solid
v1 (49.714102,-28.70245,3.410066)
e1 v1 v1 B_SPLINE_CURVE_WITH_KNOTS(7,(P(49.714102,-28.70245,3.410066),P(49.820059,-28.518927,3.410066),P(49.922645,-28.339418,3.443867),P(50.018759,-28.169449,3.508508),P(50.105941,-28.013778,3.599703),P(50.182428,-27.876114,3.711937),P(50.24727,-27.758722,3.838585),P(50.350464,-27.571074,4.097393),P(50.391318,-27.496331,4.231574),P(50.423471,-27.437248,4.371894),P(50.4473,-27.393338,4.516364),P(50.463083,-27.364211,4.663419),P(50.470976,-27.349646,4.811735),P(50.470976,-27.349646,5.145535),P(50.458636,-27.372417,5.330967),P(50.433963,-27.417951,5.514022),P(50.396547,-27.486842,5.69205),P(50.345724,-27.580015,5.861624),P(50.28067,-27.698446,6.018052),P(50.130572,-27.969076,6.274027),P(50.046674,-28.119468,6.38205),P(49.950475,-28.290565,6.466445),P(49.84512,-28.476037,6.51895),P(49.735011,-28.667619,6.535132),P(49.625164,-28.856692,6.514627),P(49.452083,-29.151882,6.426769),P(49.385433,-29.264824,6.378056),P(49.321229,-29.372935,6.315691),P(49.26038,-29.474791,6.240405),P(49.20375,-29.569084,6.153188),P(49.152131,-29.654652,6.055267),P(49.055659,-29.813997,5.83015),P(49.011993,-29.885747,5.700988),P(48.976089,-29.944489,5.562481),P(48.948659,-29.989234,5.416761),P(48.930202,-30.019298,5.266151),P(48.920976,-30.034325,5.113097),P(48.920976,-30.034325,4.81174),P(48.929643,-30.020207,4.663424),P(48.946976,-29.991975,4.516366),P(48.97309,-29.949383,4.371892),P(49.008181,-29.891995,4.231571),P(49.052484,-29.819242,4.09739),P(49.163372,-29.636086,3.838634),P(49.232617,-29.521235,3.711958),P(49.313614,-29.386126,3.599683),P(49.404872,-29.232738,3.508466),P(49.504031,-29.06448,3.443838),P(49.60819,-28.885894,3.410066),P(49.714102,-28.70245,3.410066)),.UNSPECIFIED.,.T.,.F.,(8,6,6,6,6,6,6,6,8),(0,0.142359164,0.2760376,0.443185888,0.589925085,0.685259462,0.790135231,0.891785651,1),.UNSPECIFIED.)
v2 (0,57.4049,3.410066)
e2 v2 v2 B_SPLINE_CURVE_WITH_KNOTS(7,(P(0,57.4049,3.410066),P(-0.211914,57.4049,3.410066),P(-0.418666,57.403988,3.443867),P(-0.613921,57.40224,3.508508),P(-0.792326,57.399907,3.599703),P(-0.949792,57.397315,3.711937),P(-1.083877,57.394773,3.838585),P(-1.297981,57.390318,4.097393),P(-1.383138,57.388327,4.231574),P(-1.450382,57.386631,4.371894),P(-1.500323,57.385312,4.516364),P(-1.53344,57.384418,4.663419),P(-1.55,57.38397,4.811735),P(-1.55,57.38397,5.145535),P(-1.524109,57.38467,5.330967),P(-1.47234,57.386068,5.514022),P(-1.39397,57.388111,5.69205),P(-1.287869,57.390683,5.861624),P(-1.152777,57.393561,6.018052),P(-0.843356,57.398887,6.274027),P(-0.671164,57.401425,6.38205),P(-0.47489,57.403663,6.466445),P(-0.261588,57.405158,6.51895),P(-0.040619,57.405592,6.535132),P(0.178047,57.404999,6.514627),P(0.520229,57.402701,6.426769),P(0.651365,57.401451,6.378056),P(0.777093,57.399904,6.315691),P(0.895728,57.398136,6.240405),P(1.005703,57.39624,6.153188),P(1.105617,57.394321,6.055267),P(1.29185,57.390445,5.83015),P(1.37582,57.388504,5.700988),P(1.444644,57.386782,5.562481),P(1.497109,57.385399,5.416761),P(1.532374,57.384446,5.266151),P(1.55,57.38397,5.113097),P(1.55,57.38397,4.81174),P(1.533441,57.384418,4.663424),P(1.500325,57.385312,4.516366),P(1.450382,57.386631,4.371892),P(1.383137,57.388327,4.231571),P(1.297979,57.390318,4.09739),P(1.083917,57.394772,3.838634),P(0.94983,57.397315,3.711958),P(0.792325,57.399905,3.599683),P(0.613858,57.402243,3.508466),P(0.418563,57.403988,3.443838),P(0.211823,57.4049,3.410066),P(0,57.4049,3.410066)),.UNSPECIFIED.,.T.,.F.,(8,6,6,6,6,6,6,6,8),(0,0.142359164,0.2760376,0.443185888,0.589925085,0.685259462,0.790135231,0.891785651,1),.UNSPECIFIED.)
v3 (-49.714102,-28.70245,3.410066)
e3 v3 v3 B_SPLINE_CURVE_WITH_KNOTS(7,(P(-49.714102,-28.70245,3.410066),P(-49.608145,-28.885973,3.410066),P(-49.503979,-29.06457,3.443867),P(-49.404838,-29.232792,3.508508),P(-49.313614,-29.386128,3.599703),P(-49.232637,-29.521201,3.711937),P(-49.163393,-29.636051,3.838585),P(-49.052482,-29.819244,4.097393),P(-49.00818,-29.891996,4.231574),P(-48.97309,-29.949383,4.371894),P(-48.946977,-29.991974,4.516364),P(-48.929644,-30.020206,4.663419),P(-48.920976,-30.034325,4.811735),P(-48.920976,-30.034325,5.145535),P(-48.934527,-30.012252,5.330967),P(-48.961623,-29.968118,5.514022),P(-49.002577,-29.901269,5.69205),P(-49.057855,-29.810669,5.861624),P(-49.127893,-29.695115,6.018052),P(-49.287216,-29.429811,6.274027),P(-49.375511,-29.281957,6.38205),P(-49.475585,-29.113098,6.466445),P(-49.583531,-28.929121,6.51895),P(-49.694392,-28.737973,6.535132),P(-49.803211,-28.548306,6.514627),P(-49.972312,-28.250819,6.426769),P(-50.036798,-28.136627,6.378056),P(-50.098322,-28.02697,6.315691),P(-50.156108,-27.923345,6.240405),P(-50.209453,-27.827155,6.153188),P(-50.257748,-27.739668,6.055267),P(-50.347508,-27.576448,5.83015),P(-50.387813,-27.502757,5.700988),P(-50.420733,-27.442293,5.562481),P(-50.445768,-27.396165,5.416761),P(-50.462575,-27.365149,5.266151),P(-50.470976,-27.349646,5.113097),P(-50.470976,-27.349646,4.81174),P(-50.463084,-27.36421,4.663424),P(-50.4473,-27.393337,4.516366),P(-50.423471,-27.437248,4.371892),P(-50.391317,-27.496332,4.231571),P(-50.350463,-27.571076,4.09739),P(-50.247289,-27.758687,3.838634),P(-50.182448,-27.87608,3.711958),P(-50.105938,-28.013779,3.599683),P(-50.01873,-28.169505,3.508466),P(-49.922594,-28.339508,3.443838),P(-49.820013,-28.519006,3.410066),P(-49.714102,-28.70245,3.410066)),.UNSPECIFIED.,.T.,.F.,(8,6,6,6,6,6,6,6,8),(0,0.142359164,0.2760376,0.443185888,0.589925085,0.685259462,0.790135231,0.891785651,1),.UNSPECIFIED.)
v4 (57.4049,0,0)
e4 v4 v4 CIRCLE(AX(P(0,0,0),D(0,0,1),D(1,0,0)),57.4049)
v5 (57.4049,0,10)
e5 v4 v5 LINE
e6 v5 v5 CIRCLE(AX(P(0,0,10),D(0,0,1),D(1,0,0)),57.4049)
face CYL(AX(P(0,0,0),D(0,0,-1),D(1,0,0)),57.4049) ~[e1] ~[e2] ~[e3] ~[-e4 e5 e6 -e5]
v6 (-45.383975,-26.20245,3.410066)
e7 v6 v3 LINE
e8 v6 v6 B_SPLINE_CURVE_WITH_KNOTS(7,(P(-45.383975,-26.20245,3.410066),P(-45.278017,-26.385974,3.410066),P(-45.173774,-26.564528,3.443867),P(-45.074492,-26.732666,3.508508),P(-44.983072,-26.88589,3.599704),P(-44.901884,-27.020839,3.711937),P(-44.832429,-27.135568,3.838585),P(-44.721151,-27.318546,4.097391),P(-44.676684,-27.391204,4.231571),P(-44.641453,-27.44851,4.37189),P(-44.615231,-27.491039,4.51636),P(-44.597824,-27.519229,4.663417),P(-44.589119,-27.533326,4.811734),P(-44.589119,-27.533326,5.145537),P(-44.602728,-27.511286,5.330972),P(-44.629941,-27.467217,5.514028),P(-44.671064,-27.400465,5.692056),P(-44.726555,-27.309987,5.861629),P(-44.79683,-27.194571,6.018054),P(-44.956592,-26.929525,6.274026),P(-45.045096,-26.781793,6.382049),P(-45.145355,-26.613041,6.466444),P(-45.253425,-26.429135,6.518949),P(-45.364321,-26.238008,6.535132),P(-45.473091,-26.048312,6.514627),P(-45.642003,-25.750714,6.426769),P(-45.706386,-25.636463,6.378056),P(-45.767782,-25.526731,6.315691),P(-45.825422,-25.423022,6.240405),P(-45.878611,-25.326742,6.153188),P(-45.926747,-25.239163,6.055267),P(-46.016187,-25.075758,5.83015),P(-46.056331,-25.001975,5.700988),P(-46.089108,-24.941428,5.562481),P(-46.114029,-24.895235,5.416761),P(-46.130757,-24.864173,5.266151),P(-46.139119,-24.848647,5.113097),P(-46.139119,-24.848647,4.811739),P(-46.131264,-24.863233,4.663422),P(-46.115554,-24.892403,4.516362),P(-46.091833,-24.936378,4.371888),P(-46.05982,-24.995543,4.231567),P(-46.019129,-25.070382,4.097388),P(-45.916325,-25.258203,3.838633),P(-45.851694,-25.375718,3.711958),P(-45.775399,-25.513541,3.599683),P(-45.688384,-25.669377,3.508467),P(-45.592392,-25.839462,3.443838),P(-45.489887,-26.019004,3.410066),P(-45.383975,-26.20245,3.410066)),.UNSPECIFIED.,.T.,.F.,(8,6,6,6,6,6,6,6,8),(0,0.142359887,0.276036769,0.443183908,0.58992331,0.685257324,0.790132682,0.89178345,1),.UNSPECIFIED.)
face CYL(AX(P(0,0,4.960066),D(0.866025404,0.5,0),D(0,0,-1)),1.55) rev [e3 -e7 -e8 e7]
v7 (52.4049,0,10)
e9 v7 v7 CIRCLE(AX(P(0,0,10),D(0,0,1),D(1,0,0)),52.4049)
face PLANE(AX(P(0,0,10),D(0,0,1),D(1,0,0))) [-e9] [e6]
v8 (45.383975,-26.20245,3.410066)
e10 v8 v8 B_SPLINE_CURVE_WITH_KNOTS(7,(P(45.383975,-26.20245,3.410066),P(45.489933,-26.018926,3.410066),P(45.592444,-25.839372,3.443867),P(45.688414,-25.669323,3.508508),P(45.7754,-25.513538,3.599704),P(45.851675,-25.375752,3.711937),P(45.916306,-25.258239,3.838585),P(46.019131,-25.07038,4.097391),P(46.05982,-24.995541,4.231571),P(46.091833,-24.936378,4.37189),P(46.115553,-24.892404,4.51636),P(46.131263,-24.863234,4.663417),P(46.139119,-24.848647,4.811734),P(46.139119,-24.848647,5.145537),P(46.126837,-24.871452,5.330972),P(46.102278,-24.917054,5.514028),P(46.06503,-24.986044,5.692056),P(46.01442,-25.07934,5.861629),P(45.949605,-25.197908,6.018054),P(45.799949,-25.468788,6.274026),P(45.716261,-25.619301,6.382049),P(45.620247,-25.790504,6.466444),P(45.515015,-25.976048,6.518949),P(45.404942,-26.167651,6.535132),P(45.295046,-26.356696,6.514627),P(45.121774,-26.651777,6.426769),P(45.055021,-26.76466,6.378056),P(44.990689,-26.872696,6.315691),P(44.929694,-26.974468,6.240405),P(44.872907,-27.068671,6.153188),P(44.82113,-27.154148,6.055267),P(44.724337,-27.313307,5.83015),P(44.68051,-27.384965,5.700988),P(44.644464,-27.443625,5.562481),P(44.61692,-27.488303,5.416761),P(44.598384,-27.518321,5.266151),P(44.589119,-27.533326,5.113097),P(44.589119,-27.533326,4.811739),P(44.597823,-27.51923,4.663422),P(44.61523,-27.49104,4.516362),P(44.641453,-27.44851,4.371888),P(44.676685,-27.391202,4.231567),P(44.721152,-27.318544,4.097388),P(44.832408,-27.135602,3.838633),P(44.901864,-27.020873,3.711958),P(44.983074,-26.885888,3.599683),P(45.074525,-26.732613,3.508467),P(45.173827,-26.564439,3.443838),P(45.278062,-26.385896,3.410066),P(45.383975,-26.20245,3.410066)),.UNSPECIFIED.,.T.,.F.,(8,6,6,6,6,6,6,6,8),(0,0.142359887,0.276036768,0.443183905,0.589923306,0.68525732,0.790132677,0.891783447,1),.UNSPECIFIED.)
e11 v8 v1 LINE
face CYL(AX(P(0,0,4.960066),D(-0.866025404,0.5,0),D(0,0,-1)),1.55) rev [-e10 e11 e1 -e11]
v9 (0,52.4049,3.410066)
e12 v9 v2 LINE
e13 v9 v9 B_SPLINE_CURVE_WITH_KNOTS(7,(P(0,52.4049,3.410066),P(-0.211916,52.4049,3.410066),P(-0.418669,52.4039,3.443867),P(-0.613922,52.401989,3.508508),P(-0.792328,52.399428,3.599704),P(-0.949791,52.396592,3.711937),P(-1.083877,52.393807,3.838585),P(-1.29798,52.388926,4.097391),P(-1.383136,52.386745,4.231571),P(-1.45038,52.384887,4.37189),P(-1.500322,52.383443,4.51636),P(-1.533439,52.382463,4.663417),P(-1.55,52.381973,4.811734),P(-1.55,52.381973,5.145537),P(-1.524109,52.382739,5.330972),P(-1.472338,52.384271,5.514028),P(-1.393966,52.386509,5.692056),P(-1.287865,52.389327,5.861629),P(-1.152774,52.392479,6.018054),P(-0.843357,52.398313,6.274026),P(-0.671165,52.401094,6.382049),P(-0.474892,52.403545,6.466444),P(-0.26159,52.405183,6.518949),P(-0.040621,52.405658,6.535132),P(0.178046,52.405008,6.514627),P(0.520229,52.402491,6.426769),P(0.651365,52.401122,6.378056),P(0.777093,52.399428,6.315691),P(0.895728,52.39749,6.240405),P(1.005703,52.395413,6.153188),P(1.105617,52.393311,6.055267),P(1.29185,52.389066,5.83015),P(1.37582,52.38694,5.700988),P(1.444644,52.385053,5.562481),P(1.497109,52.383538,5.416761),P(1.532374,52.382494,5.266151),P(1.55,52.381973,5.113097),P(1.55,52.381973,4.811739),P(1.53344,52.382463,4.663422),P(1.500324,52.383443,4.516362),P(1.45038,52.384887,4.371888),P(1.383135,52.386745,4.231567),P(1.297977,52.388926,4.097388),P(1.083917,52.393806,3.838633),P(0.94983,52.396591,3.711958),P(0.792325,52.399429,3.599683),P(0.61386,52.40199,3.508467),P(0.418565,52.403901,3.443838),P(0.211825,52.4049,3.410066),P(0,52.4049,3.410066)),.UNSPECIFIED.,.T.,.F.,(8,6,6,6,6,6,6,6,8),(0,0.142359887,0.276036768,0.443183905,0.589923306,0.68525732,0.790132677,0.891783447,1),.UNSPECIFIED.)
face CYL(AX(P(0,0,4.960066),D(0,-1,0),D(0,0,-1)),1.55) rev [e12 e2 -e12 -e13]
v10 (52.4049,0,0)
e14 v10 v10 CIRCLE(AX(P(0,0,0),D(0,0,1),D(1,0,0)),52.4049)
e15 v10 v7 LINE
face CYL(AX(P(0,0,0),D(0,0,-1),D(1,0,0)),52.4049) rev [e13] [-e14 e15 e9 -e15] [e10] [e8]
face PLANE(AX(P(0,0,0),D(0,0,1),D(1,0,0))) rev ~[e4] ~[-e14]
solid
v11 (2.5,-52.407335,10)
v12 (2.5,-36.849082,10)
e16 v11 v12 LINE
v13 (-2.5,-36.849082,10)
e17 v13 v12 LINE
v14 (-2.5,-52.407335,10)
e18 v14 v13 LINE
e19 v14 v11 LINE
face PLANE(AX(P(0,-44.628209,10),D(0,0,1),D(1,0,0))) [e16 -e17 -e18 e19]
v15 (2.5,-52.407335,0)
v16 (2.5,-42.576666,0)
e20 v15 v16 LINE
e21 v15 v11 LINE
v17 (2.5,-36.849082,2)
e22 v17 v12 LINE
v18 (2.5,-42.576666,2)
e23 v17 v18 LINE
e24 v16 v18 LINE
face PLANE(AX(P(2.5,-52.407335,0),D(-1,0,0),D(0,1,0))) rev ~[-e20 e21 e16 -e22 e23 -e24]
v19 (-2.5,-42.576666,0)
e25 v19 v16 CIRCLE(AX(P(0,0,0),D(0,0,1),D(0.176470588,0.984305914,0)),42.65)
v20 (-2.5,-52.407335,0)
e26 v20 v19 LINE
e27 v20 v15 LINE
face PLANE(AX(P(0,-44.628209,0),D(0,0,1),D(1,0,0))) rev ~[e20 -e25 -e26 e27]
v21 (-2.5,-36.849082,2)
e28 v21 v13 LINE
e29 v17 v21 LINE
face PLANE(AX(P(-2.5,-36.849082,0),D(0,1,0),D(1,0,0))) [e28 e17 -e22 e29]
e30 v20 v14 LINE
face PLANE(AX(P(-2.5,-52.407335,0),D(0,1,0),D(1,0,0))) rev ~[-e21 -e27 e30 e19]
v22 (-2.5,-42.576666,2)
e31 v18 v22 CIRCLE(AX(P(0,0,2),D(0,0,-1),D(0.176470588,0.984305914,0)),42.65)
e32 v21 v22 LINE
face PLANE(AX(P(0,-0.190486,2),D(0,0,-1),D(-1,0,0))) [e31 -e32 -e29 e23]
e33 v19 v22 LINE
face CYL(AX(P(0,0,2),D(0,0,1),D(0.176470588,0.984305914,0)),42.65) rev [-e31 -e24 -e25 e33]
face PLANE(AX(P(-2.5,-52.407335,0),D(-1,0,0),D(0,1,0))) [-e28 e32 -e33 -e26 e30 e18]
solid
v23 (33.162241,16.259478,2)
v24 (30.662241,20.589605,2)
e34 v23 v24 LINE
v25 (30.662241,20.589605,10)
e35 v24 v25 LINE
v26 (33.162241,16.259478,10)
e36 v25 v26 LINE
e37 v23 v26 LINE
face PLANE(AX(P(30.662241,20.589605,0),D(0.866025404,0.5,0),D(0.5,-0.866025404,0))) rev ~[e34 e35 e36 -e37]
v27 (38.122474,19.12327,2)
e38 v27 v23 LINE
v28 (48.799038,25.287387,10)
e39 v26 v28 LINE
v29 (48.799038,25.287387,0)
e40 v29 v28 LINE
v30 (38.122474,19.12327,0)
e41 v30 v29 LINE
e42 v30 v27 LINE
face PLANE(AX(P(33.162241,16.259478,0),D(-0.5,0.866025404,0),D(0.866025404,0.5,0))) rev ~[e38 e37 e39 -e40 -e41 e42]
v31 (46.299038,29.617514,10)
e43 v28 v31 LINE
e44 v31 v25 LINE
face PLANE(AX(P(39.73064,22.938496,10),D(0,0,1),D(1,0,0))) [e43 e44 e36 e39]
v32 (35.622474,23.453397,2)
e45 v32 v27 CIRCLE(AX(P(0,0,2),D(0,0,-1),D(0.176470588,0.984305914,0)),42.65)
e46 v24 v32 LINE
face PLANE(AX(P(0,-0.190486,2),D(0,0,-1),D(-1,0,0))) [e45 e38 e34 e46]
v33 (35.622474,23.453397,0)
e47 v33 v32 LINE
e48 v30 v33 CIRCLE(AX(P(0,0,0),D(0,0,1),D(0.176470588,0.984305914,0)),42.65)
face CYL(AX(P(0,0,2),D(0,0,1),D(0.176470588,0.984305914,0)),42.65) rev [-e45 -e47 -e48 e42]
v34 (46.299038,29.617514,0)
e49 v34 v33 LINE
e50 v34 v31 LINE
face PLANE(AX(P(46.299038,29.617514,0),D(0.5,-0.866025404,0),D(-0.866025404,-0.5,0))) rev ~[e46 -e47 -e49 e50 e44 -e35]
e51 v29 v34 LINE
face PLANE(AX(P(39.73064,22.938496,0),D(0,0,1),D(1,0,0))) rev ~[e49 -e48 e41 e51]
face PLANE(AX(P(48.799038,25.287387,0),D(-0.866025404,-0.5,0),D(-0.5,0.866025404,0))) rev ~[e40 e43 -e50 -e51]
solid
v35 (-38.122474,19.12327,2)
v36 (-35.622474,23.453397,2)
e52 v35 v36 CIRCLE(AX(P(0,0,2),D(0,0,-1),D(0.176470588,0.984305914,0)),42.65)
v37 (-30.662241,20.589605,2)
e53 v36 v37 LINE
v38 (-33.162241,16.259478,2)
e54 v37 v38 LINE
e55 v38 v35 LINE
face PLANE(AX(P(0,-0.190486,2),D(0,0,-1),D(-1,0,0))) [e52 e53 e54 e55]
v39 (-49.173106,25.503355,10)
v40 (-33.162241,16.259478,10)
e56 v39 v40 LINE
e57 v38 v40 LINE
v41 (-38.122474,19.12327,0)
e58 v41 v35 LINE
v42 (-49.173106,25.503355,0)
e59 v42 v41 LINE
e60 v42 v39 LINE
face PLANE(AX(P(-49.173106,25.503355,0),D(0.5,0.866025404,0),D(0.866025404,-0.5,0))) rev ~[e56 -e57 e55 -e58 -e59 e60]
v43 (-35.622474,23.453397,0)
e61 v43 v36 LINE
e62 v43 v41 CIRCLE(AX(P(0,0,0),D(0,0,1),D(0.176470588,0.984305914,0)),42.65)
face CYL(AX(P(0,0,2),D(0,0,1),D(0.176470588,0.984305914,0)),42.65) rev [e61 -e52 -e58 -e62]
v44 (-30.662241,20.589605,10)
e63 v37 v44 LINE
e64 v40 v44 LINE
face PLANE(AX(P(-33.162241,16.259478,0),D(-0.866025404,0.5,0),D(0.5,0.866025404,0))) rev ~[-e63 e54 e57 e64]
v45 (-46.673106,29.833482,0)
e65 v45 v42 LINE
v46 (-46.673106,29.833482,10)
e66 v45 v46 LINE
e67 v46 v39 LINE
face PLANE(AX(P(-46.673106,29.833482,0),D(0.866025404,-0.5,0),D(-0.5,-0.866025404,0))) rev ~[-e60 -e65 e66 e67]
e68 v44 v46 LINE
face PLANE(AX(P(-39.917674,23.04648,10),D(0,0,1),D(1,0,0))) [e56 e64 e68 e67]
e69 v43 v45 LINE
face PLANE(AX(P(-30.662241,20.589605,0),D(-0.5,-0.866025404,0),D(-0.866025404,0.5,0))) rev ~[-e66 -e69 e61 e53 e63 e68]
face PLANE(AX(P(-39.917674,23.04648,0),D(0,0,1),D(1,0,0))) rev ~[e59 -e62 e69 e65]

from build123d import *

# Parameters (mm, degrees)
SKETCH_1_R                 = 57.404900142
SKETCH_1_R_2               = 52.404900142
EXTRUDE_1_DEPTH            = 10
EXTRUDE_1_2_DEPTH          = 10
SKETCH_1_W                 = 5
SKETCH_1_H                 = 15.558252754
EXTRUDE_1_3_DEPTH          = 10
EXTRUDE_1_4_DEPTH          = 10
CUT_EXTRUDE_1_REACH        = 83.796
CUT_EXTRUDE_1_END_RADIUS   = 57.404900142
SKETCH_3_R                 = 1.55
PATTERN_CIRCULAR_1_COUNT   = 3
CUT_EXTRUDE_1_2_DEPTH      = 82.796363895
CUT_EXTRUDE_1_2_DEPTH_BACK = 2


with BuildPart() as part:
    # 草图1 → 拉伸-薄壁1 (new body)
    with BuildSketch(Plane.XY):
        Circle(SKETCH_1_R)
        Circle(SKETCH_1_R_2, mode=Mode.SUBTRACT)
    extrude(amount=EXTRUDE_1_DEPTH)

    # Cut-Extrude 1: up to this cylinder (the profile starts inside it)
    cut_extrude_1_end = Plane(origin=(0, 0, 4.960066), z_dir=(0, 0, -1)) * Cylinder(CUT_EXTRUDE_1_END_RADIUS, 283.401800284, mode=Mode.PRIVATE)
    # 草图3 → Cut-Extrude 1 (cut, up to the surface)
    with BuildSketch(Plane(origin=(0, 0, 0), x_dir=(1, 0, 0), z_dir=(0, 1, 0)), mode=Mode.PRIVATE) as cut_extrude_1_sk1:
        with Locations(Location((0, -4.960065679, 0), (0, 0, 90))):
            Circle(SKETCH_3_R)
    cut_extrude_1_tool1 = extrude(cut_extrude_1_sk1.sketch, amount=CUT_EXTRUDE_1_REACH, mode=Mode.PRIVATE) & cut_extrude_1_end
    cut_extrude_1 = cut_extrude_1_tool1.solids().sort_by_distance((0, 0, 4.960066))[0]
    add(cut_extrude_1, mode=Mode.SUBTRACT)

    # 阵列(圆周)1: Cut-Extrude 1 ×3 about axis
    pattern_circular_1_axis = Axis((0, 0, 10), (0, 0, -1))
    for i in range(1, PATTERN_CIRCULAR_1_COUNT):
        add(cut_extrude_1.rotate(pattern_circular_1_axis, i * 360 / PATTERN_CIRCULAR_1_COUNT), mode=Mode.SUBTRACT)


with BuildPart() as body_2:
    # 草图1 → Extrude 1 2 (new body)
    with BuildSketch(Plane.XY):
        Polygon((33.162241497, 16.259477709), (48.799038315, 25.287386561), (46.299038315, 29.61751358), (30.662241497, 20.589604728), align=None)
    extrude(amount=EXTRUDE_1_2_DEPTH)


with BuildPart() as body_3:
    # 草图1 → Extrude 1 3 (new body)
    with BuildSketch(Plane.XY):
        with Locations((0, -44.628208814)):
            Rectangle(SKETCH_1_W, SKETCH_1_H)
    extrude(amount=EXTRUDE_1_3_DEPTH)


with BuildPart() as body_4:
    # 草图1 → Extrude 1 4 (new body)
    with BuildSketch(Plane.XY):
        Polygon((-30.662241497, 20.589604728), (-46.673106184, 29.833481765), (-49.173106184, 25.503354746), (-33.162241497, 16.259477709), align=None)
    extrude(amount=EXTRUDE_1_4_DEPTH)


with BuildPart() as cut_extrude_1_2_tool:
    # 草图4 → Cut-Extrude 1 2 (new, two sides: drawn at the far end of the back side and taken through both)
    with BuildSketch(Plane(origin=(0, 0, 0), x_dir=(-1, 0, 0), z_dir=(0, 0, -1)).offset(-CUT_EXTRUDE_1_2_DEPTH_BACK)):
        with BuildLine():
            ThreePointArc((-7.526470588, 41.980647214), (0, -42.65), (7.526470588, 41.980647214))
            Line((7.526470588, 41.980647214), (6.326470588, 35.287367001))
            ThreePointArc((6.326470588, 35.287367001), (0, -35.85), (-6.326470588, 35.287367001))
            Line((-6.326470588, 35.287367001), (-7.526470588, 41.980647214))
        make_face()
    extrude(amount=CUT_EXTRUDE_1_2_DEPTH + CUT_EXTRUDE_1_2_DEPTH_BACK)


with BuildPart() as body_2_1:
    add(body_2.part)

    # Cut-Extrude 1 2: cut by cut_extrude_1_2_tool
    add(cut_extrude_1_2_tool.part, mode=Mode.SUBTRACT)


with BuildPart() as body_3_1:
    add(body_3.part)

    # Cut-Extrude 1 2: cut by cut_extrude_1_2_tool
    add(cut_extrude_1_2_tool.part, mode=Mode.SUBTRACT)


with BuildPart() as body_4_1:
    add(body_4.part)

    # Cut-Extrude 1 2: cut by cut_extrude_1_2_tool
    add(cut_extrude_1_2_tool.part, mode=Mode.SUBTRACT)


solid = Compound([part.part, body_2_1.part, body_3_1.part, body_4_1.part])
